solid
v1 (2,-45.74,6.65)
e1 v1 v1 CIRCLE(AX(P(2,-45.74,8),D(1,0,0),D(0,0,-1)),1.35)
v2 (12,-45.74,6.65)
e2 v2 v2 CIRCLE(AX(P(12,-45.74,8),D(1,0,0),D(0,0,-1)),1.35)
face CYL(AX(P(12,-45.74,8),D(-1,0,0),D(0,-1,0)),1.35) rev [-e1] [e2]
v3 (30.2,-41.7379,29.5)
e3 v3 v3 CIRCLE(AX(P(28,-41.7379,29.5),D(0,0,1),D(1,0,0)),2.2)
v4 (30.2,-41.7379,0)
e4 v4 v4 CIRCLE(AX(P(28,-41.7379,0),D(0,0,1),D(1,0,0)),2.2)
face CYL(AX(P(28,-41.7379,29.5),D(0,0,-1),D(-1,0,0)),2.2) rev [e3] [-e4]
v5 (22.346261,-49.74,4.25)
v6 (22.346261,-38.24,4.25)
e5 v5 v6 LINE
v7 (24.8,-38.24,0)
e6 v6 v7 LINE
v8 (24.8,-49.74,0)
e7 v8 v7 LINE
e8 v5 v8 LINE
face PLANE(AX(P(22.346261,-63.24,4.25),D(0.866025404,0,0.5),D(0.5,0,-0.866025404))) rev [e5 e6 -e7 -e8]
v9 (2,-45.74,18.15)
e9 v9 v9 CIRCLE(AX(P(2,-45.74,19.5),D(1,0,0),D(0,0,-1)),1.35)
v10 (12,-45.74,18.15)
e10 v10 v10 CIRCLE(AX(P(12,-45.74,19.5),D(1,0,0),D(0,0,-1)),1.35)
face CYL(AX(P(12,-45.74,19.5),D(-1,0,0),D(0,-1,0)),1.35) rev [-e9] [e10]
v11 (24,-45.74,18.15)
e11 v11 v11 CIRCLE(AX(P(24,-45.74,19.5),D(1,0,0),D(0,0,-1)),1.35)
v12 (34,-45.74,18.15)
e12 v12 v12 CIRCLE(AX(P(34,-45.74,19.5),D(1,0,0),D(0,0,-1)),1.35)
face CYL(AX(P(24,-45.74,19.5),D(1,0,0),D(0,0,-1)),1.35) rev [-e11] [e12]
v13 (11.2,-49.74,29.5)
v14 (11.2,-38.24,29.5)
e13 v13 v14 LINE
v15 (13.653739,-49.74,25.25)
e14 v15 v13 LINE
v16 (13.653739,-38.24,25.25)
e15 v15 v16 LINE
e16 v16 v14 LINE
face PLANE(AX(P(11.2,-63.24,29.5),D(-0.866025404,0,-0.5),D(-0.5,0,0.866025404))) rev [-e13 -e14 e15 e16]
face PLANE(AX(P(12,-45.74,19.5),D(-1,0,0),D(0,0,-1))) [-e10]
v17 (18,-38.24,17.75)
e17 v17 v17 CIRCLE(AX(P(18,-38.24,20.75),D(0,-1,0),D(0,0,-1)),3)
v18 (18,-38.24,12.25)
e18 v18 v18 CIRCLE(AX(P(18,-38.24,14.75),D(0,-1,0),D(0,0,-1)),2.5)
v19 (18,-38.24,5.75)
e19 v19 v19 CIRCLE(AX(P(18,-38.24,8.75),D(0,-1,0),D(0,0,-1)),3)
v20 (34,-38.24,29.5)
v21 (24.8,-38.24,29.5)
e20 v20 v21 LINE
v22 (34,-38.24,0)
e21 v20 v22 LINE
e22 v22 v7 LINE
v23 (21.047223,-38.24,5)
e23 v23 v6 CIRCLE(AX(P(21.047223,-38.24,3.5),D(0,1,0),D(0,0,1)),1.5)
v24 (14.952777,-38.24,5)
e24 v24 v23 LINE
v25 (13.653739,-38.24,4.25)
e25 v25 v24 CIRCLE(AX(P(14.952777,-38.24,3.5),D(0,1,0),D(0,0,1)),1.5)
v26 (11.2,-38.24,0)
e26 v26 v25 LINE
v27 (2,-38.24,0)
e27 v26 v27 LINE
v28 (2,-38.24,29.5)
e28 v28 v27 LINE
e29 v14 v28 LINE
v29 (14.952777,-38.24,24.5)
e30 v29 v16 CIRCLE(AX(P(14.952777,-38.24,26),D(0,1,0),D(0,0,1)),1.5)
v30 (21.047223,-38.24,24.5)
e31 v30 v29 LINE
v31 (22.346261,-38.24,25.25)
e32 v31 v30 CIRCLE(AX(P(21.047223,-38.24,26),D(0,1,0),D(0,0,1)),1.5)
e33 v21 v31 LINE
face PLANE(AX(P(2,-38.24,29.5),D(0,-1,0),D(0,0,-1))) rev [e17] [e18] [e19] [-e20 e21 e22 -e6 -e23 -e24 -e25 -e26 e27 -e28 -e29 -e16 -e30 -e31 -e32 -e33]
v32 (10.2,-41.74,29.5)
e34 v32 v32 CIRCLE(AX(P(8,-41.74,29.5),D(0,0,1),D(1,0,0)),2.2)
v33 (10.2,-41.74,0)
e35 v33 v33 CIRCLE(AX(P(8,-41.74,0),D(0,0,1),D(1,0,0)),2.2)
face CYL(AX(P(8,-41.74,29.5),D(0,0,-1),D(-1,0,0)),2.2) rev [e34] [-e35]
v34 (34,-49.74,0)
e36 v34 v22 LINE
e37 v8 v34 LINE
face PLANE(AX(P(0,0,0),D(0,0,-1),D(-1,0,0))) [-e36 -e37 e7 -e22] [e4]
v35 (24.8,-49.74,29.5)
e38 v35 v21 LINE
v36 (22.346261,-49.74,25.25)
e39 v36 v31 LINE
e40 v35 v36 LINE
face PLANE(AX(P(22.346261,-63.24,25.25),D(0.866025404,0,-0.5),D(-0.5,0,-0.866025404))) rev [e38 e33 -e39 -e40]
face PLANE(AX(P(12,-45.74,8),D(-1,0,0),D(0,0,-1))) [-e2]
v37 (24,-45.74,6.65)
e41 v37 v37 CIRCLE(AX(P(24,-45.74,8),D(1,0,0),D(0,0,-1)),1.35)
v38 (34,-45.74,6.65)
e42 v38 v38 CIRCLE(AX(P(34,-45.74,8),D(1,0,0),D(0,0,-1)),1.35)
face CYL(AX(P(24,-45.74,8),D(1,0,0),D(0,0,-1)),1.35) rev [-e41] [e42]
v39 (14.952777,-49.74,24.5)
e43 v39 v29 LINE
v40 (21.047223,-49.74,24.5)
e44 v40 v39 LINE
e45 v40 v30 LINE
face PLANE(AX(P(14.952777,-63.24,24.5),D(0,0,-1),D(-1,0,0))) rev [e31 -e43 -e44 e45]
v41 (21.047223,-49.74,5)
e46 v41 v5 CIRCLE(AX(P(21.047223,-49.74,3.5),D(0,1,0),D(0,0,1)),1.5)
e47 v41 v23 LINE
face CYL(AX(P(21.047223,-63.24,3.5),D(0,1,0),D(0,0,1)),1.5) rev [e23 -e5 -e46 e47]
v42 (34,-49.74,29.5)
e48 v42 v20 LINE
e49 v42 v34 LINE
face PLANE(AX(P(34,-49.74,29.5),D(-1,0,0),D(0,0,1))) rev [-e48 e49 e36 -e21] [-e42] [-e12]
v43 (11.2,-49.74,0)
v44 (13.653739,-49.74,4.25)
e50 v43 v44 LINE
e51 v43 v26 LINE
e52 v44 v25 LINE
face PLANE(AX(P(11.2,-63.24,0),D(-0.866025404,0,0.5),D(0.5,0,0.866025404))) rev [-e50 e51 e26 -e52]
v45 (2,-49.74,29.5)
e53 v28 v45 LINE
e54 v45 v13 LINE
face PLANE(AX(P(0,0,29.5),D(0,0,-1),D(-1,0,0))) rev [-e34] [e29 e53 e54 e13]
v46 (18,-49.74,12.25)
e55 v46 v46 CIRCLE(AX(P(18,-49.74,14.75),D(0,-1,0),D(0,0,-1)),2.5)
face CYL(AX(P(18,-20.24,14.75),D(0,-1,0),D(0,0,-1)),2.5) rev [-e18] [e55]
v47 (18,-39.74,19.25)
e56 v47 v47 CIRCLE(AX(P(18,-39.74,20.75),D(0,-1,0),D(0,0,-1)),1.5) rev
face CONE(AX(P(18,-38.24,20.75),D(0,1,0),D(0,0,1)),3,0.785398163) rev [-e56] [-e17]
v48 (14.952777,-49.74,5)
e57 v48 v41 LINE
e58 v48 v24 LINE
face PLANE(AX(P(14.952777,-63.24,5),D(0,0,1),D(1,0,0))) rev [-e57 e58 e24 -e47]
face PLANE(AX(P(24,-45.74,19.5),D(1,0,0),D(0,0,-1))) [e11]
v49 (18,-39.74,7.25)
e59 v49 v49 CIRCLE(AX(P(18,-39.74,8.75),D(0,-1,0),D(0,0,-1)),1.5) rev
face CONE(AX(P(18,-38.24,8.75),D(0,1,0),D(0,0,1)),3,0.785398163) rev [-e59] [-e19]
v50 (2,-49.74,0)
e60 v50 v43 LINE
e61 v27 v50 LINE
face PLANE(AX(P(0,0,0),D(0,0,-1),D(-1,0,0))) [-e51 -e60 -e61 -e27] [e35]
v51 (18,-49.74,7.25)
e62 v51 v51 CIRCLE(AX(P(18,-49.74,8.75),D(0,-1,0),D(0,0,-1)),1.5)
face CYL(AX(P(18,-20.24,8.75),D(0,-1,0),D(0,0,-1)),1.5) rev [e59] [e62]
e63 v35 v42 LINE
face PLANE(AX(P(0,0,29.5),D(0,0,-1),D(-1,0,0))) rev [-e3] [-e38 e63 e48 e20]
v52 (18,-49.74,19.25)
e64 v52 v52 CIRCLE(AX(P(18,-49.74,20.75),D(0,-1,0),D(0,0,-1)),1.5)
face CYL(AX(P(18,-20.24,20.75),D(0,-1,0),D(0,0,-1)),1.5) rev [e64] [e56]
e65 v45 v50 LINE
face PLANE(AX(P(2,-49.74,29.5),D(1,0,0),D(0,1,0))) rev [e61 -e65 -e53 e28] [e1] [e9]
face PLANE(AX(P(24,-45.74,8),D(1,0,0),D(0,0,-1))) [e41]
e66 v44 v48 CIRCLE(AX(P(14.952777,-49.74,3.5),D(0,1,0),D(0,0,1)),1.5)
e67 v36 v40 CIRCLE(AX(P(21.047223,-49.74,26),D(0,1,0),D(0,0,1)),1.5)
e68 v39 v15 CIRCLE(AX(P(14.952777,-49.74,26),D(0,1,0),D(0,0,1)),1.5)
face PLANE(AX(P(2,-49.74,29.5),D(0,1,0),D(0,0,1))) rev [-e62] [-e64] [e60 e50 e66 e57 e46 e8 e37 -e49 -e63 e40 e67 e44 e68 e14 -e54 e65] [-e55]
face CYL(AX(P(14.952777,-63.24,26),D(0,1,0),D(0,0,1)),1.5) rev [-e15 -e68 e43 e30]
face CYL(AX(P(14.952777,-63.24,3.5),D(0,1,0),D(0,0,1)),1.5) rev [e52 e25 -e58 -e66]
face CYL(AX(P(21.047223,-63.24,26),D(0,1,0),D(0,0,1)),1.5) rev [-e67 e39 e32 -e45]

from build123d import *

# Parameters (mm, degrees)
SKETCH_1_W          = 31.99999989
SKETCH_1_H          = 11.5
SKETCH_1_R          = 2.2
EXTRUDE_1_DEPTH     = 29.5
SKETCH_2_R          = 2.5
CUT_EXTRUDE_1_DEPTH = 29.5
SKETCH_3_R          = 1.5
CUT_EXTRUDE_2_DEPTH = 29.5
CHAMFER_1_SIZE      = 1.5
SKETCH2_R           = 1.35
CUT_EXTRUDE1_DEPTH  = 10
EXTRUDE1_DEPTH      = 25


with BuildPart() as part:
    # 草图1 → 凸台-拉伸1 (new body)
    with BuildSketch(Plane.XY):
        with Locations((17.999999945, -43.99)):
            Rectangle(SKETCH_1_W, SKETCH_1_H)
        with Locations((8, -41.74)):
            Circle(SKETCH_1_R, mode=Mode.SUBTRACT)
        with Locations((27.99999989, -41.737899898)):
            Circle(SKETCH_1_R, mode=Mode.SUBTRACT)
    extrude(amount=EXTRUDE_1_DEPTH)

    # 草图2 → 切除-拉伸1 (cut)
    with BuildSketch(Plane.XZ.offset(49.74)):
        with Locations(Location((17.999999945, 14.75, 0), (0, 0, 270))):
            Circle(SKETCH_2_R)
    extrude(amount=-CUT_EXTRUDE_1_DEPTH, mode=Mode.SUBTRACT)

    # 草图3 → 切除-拉伸2 (cut)
    with BuildSketch(Plane.XZ.offset(49.74)):
        with Locations(Location((17.999999945, 8.75, 0), (0, 0, 270))):
            Circle(SKETCH_3_R)
        with Locations(Location((17.999999945, 20.75, 0), (0, 0, 270))):
            Circle(SKETCH_3_R)
    extrude(amount=-CUT_EXTRUDE_2_DEPTH, mode=Mode.SUBTRACT)

    # 倒角1
    chamfer_1_edges = [part.edges().sort_by_distance(p)[0] for p in [
        (17.999999945, -38.24, 10.25),
        (17.999999945, -38.24, 22.25),
    ]]
    chamfer(chamfer_1_edges, length=CHAMFER_1_SIZE)

    # Sketch2 → Cut-Extrude1 (cut)
    with BuildSketch(Plane(origin=(33.99999989, 0, 0), x_dir=(0, 0, -1), z_dir=(1, 0, 0))):
        with Locations((-19.5, -45.74)):
            Circle(SKETCH2_R)
        with Locations((-8, -45.74)):
            Circle(SKETCH2_R)
    cut_extrude1 = extrude(amount=-CUT_EXTRUDE1_DEPTH, mode=Mode.SUBTRACT)

    # Mirror1: Cut-Extrude1 across plane
    add(cut_extrude1.mirror(Plane.ZY.offset(-17.999999945)), mode=Mode.SUBTRACT)

    # Sketch3 → Extrude1 (cut)
    with BuildSketch(Plane(origin=(0, -38.24, 0), x_dir=(1, 0, 0), z_dir=(0, 1, 0))):
        with BuildLine():
            Line((11.2, 0), (13.653738644, -4.25))
            ThreePointArc((13.653738644, -4.25), (14.20277675, -4.799038106), (14.95277675, -5))
            Line((14.95277675, -5), (21.04722314, -5))
            ThreePointArc((21.04722314, -5), (21.79722314, -4.799038106), (22.346261246, -4.25))
            Line((22.346261246, -4.25), (24.79999989, 0))
            Line((24.79999989, 0), (11.2, 0))
        make_face()
        with BuildLine():
            Line((11.2, -29.5), (24.79999989, -29.5))
            Line((24.79999989, -29.5), (22.346261246, -25.25))
            ThreePointArc((22.346261246, -25.25), (21.79722314, -24.700961894), (21.04722314, -24.5))
            Line((21.04722314, -24.5), (14.95277675, -24.5))
            ThreePointArc((14.95277675, -24.5), (14.20277675, -24.700961894), (13.653738644, -25.25))
            Line((13.653738644, -25.25), (11.2, -29.5))
        make_face()
    extrude(amount=-EXTRUDE1_DEPTH, mode=Mode.SUBTRACT)


solid = part.part
